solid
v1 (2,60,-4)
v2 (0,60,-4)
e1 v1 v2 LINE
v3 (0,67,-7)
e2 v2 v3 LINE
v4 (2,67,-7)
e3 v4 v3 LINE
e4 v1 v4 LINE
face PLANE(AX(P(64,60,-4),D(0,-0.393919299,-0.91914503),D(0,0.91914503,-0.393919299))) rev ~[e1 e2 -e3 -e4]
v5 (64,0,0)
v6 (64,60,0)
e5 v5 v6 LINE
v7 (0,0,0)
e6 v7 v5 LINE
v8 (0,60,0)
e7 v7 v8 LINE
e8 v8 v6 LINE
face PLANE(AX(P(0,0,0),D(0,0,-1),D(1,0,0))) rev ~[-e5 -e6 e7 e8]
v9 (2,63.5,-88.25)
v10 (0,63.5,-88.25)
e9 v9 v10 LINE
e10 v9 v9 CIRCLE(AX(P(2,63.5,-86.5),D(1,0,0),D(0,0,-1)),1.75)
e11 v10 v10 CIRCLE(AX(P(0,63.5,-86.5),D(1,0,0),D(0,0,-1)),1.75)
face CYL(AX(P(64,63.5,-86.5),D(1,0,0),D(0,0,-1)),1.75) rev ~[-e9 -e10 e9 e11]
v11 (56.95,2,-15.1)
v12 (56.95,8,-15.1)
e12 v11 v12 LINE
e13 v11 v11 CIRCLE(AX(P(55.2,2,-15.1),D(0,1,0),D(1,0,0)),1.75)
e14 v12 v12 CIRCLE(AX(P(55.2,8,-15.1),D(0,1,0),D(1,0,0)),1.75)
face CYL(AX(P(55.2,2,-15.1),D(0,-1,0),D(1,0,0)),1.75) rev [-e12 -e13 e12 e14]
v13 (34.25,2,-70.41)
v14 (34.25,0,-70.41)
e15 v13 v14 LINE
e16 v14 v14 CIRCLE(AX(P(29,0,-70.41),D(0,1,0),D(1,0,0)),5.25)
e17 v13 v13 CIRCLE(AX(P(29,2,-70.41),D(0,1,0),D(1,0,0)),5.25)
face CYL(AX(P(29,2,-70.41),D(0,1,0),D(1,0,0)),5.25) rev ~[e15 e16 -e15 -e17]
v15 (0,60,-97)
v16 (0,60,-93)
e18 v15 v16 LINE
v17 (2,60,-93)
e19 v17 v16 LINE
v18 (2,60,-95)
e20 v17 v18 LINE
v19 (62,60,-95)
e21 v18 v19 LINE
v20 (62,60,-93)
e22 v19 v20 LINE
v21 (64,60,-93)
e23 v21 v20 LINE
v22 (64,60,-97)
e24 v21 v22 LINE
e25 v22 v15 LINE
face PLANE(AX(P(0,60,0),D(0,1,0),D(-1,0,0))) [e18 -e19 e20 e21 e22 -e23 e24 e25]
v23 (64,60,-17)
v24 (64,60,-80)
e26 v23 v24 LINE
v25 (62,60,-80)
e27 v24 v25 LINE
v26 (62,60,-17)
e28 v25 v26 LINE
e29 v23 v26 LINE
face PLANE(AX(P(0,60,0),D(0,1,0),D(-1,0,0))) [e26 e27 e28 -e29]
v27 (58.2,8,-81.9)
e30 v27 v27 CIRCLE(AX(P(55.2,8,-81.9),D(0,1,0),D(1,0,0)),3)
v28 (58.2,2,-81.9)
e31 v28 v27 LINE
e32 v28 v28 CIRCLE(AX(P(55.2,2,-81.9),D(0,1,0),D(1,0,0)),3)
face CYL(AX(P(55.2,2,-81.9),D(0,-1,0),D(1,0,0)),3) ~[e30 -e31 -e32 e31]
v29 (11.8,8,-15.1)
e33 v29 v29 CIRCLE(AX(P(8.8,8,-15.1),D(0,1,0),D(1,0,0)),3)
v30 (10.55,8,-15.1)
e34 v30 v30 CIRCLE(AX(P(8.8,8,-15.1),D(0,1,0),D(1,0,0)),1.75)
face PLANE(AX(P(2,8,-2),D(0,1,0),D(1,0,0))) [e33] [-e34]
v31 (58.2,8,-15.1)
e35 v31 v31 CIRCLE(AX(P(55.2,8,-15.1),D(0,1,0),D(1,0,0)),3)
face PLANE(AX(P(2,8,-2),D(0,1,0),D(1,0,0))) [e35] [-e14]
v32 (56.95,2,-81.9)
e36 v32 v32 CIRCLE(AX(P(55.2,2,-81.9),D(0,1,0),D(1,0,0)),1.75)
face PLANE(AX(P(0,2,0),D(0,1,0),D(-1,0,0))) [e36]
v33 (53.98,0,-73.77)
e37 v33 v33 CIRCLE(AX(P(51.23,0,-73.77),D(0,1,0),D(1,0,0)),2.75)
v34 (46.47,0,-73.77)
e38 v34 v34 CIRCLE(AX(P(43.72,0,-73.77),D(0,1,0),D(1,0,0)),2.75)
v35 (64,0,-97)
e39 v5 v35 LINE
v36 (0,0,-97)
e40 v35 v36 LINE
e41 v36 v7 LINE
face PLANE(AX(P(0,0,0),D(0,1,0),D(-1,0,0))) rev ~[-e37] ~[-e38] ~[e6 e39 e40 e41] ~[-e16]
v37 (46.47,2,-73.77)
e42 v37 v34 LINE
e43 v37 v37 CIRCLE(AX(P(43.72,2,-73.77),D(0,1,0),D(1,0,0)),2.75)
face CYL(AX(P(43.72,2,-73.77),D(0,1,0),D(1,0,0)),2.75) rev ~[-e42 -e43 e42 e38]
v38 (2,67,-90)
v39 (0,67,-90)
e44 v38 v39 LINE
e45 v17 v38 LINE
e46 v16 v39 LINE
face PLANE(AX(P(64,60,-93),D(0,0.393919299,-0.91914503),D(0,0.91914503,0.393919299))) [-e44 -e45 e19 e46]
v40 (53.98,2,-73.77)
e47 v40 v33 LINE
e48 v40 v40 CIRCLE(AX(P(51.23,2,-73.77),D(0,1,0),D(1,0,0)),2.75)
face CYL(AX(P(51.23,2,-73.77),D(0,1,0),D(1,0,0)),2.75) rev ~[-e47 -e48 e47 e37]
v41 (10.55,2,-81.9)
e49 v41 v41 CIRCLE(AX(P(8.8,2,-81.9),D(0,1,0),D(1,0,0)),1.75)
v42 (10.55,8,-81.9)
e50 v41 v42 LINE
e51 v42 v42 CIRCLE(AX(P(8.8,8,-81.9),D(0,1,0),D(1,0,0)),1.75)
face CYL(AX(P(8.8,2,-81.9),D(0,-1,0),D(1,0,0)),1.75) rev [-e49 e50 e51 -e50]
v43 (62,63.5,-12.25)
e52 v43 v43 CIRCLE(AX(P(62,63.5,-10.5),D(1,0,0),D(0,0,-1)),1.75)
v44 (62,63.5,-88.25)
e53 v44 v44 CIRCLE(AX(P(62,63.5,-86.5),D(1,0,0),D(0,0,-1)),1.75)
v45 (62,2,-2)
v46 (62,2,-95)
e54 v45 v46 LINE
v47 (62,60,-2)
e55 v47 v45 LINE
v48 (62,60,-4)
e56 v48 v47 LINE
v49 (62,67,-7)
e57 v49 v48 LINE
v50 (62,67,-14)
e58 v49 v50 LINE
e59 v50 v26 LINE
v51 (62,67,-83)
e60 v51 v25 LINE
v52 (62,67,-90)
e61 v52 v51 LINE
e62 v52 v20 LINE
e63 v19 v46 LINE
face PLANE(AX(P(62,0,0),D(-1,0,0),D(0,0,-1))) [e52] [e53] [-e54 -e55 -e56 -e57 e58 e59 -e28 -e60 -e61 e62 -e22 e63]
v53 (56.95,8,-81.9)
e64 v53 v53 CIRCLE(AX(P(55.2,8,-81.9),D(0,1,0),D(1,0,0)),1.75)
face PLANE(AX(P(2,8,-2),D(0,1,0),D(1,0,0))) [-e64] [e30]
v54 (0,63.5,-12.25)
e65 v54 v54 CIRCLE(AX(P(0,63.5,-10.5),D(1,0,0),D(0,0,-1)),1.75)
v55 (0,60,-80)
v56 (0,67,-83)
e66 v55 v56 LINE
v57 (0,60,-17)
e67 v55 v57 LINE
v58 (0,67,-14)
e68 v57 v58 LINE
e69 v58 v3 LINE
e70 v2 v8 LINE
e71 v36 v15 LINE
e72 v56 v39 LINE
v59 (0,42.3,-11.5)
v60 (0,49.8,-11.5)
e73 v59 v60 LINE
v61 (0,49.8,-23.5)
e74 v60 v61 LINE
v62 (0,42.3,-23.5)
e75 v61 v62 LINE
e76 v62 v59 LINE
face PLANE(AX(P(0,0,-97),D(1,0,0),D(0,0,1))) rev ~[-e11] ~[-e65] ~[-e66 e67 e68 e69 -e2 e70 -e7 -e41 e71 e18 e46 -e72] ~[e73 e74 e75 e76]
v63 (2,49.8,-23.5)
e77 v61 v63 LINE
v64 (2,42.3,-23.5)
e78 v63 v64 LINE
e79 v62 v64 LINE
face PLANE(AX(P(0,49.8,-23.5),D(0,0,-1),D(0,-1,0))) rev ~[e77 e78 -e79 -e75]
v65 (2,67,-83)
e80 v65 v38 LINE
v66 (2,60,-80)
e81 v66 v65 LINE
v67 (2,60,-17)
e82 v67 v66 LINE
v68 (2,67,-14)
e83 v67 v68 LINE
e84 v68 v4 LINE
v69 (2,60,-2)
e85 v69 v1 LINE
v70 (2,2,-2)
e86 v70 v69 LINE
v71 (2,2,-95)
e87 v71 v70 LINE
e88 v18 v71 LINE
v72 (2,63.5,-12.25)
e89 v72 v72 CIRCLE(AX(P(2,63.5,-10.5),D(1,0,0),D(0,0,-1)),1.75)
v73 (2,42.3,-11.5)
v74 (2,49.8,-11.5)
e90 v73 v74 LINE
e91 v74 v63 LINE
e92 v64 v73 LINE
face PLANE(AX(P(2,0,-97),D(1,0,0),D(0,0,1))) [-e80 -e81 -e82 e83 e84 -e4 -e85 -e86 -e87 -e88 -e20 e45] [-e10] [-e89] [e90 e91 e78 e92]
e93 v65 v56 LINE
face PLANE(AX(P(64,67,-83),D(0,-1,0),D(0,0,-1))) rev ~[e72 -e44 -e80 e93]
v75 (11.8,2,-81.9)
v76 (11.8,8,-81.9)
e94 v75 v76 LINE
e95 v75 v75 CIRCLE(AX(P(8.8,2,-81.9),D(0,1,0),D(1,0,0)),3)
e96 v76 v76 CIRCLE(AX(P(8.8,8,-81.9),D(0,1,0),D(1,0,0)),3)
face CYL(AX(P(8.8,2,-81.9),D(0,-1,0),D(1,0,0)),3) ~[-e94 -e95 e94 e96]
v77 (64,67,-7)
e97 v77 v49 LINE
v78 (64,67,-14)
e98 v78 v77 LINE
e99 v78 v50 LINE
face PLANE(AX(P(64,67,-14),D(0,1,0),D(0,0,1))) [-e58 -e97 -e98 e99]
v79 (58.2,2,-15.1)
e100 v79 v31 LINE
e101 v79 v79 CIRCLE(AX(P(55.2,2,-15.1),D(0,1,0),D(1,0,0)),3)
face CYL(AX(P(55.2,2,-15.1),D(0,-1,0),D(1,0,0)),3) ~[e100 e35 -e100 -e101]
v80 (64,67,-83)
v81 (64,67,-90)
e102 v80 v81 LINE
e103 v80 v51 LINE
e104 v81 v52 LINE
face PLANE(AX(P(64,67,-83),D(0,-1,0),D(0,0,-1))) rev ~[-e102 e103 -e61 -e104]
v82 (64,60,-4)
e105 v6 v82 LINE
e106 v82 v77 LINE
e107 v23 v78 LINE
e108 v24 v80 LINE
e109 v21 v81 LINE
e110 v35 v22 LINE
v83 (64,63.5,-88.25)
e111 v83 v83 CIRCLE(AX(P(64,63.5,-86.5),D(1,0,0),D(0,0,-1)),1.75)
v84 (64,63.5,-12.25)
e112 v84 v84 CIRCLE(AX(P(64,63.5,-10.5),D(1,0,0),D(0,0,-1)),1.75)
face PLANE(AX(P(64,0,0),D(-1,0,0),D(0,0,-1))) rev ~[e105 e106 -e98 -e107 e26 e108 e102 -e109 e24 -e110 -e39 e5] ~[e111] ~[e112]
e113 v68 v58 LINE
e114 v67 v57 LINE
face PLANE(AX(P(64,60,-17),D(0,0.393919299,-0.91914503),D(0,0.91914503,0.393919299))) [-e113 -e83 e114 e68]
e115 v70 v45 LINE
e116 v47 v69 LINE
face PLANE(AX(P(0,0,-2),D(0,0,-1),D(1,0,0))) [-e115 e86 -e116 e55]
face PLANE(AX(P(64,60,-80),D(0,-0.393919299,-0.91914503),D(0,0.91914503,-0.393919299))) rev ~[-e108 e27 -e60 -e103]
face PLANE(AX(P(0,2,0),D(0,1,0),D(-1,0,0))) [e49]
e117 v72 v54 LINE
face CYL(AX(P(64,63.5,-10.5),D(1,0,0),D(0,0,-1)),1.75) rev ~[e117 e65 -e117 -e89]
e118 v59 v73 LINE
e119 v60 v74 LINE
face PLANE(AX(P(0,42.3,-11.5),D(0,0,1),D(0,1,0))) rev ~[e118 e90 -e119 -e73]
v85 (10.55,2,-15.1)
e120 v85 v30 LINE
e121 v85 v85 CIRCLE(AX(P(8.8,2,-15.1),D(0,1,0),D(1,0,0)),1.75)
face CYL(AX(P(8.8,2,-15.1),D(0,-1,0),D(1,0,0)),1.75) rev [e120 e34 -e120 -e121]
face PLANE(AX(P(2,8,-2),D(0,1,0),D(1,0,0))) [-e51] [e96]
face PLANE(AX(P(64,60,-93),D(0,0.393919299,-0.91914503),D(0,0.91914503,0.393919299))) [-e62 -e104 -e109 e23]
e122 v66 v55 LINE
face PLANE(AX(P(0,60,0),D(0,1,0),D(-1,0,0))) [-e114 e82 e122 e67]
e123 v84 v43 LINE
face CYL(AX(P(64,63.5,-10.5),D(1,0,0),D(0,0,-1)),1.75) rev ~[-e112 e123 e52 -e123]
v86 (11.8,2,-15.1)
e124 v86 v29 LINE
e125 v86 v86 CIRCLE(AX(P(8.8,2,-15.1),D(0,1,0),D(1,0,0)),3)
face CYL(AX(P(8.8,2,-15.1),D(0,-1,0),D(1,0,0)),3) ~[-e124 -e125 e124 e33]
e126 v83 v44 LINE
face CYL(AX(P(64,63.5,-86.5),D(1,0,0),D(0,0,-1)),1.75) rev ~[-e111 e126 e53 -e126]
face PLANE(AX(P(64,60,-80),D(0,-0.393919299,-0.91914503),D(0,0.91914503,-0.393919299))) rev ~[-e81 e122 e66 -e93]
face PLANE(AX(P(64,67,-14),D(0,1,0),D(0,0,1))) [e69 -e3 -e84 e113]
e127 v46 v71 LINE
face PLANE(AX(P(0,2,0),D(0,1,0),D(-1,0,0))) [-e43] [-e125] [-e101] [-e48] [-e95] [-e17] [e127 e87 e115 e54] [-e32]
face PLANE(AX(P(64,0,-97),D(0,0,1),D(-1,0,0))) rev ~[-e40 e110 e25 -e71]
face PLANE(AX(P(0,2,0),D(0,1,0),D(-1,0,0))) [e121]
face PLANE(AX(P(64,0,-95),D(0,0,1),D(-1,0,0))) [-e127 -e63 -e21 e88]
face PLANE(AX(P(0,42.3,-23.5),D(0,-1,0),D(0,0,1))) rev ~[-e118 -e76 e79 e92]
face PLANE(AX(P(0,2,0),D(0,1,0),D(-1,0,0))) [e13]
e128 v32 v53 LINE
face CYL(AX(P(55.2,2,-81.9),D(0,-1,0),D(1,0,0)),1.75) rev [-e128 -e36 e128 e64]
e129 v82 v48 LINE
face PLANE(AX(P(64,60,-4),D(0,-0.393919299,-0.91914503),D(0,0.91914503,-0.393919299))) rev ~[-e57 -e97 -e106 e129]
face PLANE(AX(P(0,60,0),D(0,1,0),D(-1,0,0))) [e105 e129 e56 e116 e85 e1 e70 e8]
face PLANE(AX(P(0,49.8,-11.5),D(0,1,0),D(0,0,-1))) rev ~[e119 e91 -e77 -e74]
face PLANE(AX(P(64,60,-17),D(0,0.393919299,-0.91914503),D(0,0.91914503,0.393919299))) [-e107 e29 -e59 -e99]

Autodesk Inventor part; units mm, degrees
ref_plane "YZ Plane" through (0, 0, 0) normal (1, 0, 0) x (0, 1, 0)
ref_plane "XZ Plane" through (0, 0, 0) normal (0, 1, 0) x (-1, 0, 0)
ref_plane "XY Plane" through (0, 0, 0) normal (0, 0, 1) x (1, 0, 0)
sketch "Sketch1" plane through (0, 0, 0) normal (0, 1, 0) x (-1, 0, 0)
  line L0 (0, 0) -> (-64, 0)
  line L1 (-64, 0) -> (-64, -97)
  line L2 (-64, -97) -> (0, -97)
  line L3 (0, -97) -> (0, 0)
  dimension "d1" = 64
  dimension "d2" = 97
extrude "Extrusion1" add sketch "Sketch1" along normal blind 60
shell "Shell1" thickness 2 removed faces 1 at (21.3333, 60, -64.6667)
sketch "Sketch2" plane through (2, 2, -2) normal (0, 1, 0) x (1, 0, 0)
  line L0 (60, 93) -> (0, 93) projected
  line L1 (30, 93) -> (30, 0) construction
  line L2 (60, 0) -> (0, 0) projected
  line L3 (0, 0) -> (0, 93) projected
  line L4 (0, 46.5) -> (60, 46.5) construction
  line L5 (60, 0) -> (60, 93) projected
  circle A0 centre (6.8, 79.9) radius 3
  circle A1 centre (6.8, 79.9) radius 1.75
  circle A2 centre (53.2, 79.9) radius 3
  circle A3 centre (53.2, 79.9) radius 1.75
  circle A4 centre (6.8, 13.1) radius 3
  circle A5 centre (6.8, 13.1) radius 1.75
  circle A6 centre (53.2, 13.1) radius 3
  circle A7 centre (53.2, 13.1) radius 1.75
  point P0 (-2, -2)
  dimension "d6" = 6
  dimension "d7" = 1.25
  dimension "d8" = 23.2
  dimension "d9" = 33.4
extrude "Extrusion2" add sketch "Sketch2" along normal blind 6 contours A0 | A2 | A4 | A6
sketch "Sketch3" plane through (2, 2, -2) normal (0, 1, 0) x (1, 0, 0)
  circle A0 centre (53.2, 79.9) radius 1.75 projected
  circle A1 centre (27, 68.41) radius 5.25
  circle A2 centre (41.72, 71.77) radius 2.75
  circle A3 centre (49.23, 71.77) radius 2.75
  point P0 (-2, -2)
  dimension "d12" = 11.49
  dimension "d13" = 26.2
  dimension "d14" = 10.5
  dimension "d15" = 0
  dimension "d16" = 5.5
  dimension "d17" = 5.5
  dimension "d18" = 3.97
  dimension "d19" = 8.13
  dimension "d20" = 7.51
extrude "Extrusion3" cut sketch "Sketch3" against normal through all contours A1 | A2 | A3
sketch "Sketch4" plane through (64, 0, 0) normal (1, 0, 0) x (0, 0, -1)
  line L0 (0, 0) -> (97, 0) projected
  line L1 (48.5, 0) -> (48.5, 60) construction
  line L2 (95, 60) -> (2, 60) projected
  line L3 (4, 60) -> (17, 60)
  line L4 (14, 67) -> (7, 67)
  line L5 (0, 0) -> (0, 60) projected
  line L6 (4, 60) -> (7, 67)
  line L7 (17, 60) -> (14, 67)
  circle A0 centre (10.5, 63.5) radius 1.75
  line L8 (83, 67) -> (90, 67)
  line L9 (93, 60) -> (90, 67)
  line L10 (80, 60) -> (83, 67)
  circle A1 centre (86.5, 63.5) radius 1.75
  line L11 (80, 60) -> (93, 60)
  dimension "d28" = 7
  dimension "d29" = 4
  dimension "d30" = 13
  dimension "d31" = 7
  dimension "d32" = 3
  dimension "d33" = 3.5
  dimension "d34" = 3.5
  dimension "d35" = 6.5
extrude "Extrusion4" add sketch "Sketch4" against normal blind 64
sketch "Sketch5" plane through (0, 60, 0) normal (0, 1, 0) x (1, 0, 0)
  line L0 (62, 2) -> (2, 2) projected
  line L1 (2, 93) -> (2, 95) projected
  line L2 (62, 2) -> (2, 2)
  line L3 (2, 2) -> (2, 95)
  line L4 (2, 95) -> (62, 95)
  line L5 (62, 95) -> (62, 2)
  point P0 (0, 0)
extrude "Extrusion5" cut sketch "Sketch5" along normal through all
sketch "Sketch6" plane through (0, 0, -97) normal (-1, 0, 0) x (0, 0, 1)
  line L0 (2, 2) -> (2, 60) projected
  line L1 (17, 60) -> (80, 60) projected
  line L2 (85.5, 49.8) -> (73.5, 49.8)
  line L3 (73.5, 49.8) -> (73.5, 42.3)
  line L4 (73.5, 42.3) -> (85.5, 42.3)
  line L5 (85.5, 42.3) -> (85.5, 49.8)
  line L6 (97, 0) -> (97, 60) projected
  dimension "d48" = 7.5
  dimension "d49" = 10.2
  dimension "d51" = 11.5
  dimension "d52" = 23.5
extrude "Extrusion6" cut sketch "Sketch6" against normal up to next
properties part number "Housing for Filter"
